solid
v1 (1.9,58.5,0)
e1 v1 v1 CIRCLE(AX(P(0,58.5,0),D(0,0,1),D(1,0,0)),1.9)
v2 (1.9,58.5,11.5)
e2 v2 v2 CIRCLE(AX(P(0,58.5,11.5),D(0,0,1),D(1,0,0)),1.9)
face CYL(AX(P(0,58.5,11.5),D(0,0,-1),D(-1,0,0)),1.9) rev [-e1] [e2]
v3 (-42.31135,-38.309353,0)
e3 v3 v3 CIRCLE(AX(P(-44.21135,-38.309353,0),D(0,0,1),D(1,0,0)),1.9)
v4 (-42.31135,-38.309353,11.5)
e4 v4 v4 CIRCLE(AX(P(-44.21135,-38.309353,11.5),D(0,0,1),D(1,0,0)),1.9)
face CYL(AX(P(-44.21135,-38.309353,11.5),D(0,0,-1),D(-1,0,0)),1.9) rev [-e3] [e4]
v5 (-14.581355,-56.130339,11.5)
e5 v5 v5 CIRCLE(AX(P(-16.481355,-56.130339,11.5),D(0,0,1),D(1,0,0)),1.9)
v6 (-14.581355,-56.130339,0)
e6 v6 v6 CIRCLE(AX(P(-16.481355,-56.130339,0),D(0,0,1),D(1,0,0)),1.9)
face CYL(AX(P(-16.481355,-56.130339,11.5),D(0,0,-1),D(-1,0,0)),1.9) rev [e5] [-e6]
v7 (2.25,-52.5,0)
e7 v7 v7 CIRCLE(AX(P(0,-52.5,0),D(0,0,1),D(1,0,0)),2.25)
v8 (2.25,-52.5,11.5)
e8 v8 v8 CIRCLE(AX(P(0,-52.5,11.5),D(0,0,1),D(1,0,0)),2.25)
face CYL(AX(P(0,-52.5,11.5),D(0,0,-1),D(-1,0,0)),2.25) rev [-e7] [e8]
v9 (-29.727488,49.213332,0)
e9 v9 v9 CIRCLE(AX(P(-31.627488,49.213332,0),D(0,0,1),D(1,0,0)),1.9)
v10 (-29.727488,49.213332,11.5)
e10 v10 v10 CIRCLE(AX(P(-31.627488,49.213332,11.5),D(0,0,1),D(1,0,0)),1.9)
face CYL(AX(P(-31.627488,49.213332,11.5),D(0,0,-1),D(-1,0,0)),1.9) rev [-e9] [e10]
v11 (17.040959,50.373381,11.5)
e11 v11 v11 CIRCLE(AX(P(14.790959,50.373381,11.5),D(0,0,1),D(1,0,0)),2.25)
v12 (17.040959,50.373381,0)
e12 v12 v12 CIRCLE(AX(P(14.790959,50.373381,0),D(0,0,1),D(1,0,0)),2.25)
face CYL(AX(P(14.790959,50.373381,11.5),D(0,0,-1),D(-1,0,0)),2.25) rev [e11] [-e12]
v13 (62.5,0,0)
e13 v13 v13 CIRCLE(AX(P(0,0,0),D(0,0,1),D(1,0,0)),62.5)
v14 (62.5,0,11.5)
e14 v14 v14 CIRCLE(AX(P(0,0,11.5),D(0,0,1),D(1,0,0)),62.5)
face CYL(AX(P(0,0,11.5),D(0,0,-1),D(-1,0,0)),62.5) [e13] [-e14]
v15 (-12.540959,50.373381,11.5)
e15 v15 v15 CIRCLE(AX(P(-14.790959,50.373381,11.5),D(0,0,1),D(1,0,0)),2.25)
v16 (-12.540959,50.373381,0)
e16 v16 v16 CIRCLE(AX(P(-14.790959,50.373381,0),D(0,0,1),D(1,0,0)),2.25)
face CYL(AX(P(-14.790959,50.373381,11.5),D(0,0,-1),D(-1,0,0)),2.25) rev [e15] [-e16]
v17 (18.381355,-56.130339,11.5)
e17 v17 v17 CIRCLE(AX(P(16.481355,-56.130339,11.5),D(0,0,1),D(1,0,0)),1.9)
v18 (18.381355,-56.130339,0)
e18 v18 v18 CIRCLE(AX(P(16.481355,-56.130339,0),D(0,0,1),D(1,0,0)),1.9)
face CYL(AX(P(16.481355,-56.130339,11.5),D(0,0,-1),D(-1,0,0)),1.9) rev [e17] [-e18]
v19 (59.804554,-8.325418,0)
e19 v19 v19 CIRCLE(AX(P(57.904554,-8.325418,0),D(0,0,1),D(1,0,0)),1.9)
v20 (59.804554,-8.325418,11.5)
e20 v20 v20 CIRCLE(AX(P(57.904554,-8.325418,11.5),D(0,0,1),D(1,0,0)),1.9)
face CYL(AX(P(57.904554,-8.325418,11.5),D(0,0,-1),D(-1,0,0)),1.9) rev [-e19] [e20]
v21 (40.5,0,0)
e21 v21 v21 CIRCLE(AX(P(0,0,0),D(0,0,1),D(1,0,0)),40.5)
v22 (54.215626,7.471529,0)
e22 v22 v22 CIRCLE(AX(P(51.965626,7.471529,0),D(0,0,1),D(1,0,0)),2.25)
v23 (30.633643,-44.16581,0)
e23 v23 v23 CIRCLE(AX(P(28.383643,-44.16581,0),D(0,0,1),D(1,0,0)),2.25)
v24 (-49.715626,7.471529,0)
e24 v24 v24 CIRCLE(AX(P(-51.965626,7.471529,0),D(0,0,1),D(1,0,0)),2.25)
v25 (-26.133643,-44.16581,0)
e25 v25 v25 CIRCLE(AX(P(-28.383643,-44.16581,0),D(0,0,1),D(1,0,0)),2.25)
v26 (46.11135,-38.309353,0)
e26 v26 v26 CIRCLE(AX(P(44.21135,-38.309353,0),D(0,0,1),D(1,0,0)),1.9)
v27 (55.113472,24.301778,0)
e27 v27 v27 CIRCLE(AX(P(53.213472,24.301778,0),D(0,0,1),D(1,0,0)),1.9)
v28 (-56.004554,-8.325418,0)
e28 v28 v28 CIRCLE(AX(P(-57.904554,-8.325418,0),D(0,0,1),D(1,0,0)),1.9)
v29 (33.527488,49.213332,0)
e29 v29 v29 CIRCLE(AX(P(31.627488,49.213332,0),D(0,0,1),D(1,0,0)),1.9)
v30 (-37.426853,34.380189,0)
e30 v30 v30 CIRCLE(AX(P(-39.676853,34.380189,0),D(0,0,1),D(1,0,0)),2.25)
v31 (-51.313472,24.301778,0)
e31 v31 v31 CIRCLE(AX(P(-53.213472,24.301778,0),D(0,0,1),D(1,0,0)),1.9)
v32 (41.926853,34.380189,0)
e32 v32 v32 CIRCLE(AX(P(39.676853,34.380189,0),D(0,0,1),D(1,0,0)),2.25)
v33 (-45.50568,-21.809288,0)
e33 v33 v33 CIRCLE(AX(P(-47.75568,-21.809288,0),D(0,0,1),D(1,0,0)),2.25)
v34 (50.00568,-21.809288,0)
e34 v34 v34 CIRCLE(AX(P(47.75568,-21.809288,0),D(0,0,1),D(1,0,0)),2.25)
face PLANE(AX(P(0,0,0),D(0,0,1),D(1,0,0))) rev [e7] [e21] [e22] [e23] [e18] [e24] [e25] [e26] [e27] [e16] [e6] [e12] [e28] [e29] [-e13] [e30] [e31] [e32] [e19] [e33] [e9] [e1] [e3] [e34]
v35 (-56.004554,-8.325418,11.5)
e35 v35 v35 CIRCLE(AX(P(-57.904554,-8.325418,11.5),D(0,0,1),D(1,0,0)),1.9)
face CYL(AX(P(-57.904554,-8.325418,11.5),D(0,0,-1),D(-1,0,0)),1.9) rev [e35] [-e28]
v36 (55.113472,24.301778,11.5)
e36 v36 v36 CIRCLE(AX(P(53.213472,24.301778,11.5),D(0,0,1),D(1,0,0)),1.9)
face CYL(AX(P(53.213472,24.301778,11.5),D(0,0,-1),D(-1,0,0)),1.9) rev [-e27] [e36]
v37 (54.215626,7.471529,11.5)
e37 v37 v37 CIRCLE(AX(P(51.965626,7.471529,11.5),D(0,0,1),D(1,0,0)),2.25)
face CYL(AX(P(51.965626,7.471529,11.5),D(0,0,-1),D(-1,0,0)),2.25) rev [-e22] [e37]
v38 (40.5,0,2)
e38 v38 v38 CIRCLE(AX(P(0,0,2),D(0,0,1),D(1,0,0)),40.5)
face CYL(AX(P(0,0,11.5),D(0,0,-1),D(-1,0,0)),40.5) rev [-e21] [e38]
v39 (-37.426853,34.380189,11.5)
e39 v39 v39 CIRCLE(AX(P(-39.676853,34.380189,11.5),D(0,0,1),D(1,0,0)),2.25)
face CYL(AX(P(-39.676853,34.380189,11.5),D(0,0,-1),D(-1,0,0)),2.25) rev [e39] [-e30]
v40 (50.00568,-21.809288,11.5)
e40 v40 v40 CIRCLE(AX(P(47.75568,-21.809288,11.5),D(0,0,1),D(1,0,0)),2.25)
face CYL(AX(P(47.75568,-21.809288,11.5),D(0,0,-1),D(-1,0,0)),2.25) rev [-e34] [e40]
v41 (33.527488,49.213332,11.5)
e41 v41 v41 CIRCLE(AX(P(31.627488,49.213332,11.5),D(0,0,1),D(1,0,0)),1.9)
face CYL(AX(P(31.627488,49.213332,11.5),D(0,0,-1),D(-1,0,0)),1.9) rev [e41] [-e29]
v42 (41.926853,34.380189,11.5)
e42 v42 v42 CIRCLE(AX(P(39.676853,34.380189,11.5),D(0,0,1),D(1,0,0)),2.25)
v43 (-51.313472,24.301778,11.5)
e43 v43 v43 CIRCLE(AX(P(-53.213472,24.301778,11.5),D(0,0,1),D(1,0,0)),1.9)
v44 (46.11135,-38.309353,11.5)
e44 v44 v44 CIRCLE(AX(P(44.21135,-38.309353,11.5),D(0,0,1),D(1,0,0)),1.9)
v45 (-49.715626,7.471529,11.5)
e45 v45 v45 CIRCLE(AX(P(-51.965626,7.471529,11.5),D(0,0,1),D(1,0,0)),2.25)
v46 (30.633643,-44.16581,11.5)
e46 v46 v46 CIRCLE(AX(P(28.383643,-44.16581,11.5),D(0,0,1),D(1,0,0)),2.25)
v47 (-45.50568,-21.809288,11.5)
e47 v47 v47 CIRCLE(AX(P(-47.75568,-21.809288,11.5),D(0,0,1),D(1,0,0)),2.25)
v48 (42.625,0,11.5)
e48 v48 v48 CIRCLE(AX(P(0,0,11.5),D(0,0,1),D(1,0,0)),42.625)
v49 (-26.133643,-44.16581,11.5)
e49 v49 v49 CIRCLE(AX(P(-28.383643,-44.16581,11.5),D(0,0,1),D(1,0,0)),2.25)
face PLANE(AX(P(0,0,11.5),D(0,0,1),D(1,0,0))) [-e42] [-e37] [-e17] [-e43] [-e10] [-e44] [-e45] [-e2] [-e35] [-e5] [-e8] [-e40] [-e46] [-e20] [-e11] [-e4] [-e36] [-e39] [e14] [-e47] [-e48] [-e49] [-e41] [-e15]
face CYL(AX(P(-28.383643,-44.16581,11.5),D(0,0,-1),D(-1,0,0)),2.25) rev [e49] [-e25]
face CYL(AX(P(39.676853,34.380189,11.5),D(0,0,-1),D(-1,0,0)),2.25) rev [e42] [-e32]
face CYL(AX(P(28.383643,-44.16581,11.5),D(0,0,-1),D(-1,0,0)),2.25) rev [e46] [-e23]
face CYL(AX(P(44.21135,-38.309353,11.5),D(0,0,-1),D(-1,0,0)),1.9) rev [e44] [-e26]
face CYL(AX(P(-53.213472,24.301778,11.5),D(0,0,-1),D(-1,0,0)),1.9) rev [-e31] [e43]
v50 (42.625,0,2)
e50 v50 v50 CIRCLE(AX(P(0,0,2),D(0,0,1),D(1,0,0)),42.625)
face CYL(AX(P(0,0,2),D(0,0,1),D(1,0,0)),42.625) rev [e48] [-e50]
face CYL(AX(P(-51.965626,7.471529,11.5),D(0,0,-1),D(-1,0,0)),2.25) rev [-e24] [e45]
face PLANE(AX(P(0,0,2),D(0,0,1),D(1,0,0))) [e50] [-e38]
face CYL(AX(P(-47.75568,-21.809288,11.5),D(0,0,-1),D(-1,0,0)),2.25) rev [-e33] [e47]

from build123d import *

# Parameters (mm, degrees)
SKETCH_1_R          = 62.5
SKETCH_1_R_2        = 40.5
SKETCH_1_R_3        = 2.25
SKETCH_1_R_4        = 1.9
EXTRUDE_1_DEPTH     = 11.5
SKETCH_2_R          = 42.625
CUT_EXTRUDE_1_DEPTH = 9.5


with BuildPart() as part:
    # 草图1 → 凸台-拉伸1 (new body)
    with BuildSketch(Plane.XY):
        Circle(SKETCH_1_R)
        Circle(SKETCH_1_R_2, mode=Mode.SUBTRACT)
        with Locations((0, -52.5)):
            Circle(SKETCH_1_R_3, mode=Mode.SUBTRACT)
        with Locations((-28.383642916, -44.165810474)):
            Circle(SKETCH_1_R_3, mode=Mode.SUBTRACT)
        with Locations((-47.755679756, -21.809288183)):
            Circle(SKETCH_1_R_3, mode=Mode.SUBTRACT)
        with Locations((-51.965625699, 7.471529009)):
            Circle(SKETCH_1_R_3, mode=Mode.SUBTRACT)
        with Locations((-39.676852654, 34.380188532)):
            Circle(SKETCH_1_R_3, mode=Mode.SUBTRACT)
        with Locations((-14.790959234, 50.373381115)):
            Circle(SKETCH_1_R_3, mode=Mode.SUBTRACT)
        with Locations((14.790959234, 50.373381115)):
            Circle(SKETCH_1_R_3, mode=Mode.SUBTRACT)
        with Locations((39.676852654, 34.380188532)):
            Circle(SKETCH_1_R_3, mode=Mode.SUBTRACT)
        with Locations((51.965625699, 7.471529009)):
            Circle(SKETCH_1_R_3, mode=Mode.SUBTRACT)
        with Locations((47.755679756, -21.809288183)):
            Circle(SKETCH_1_R_3, mode=Mode.SUBTRACT)
        with Locations((28.383642916, -44.165810474)):
            Circle(SKETCH_1_R_3, mode=Mode.SUBTRACT)
        with Locations((-44.2113501, -38.309352936)):
            Circle(SKETCH_1_R_4, mode=Mode.SUBTRACT)
        with Locations((-57.90455435, -8.325418039)):
            Circle(SKETCH_1_R_4, mode=Mode.SUBTRACT)
        with Locations((-53.213471728, 24.301778261)):
            Circle(SKETCH_1_R_4, mode=Mode.SUBTRACT)
        with Locations((-31.627487821, 49.213331671)):
            Circle(SKETCH_1_R_4, mode=Mode.SUBTRACT)
        with Locations((0, 58.5)):
            Circle(SKETCH_1_R_4, mode=Mode.SUBTRACT)
        with Locations((31.627487821, 49.213331671)):
            Circle(SKETCH_1_R_4, mode=Mode.SUBTRACT)
        with Locations((53.213471728, 24.301778261)):
            Circle(SKETCH_1_R_4, mode=Mode.SUBTRACT)
        with Locations((57.90455435, -8.325418039)):
            Circle(SKETCH_1_R_4, mode=Mode.SUBTRACT)
        with Locations((44.2113501, -38.309352936)):
            Circle(SKETCH_1_R_4, mode=Mode.SUBTRACT)
        with Locations((16.481354575, -56.130338956)):
            Circle(SKETCH_1_R_4, mode=Mode.SUBTRACT)
        with Locations((-16.481354575, -56.130338956)):
            Circle(SKETCH_1_R_4, mode=Mode.SUBTRACT)
    extrude(amount=EXTRUDE_1_DEPTH)

    # 草图2 → 切除-拉伸1 (cut)
    with BuildSketch(Plane.XY.offset(11.5)):
        Circle(SKETCH_2_R)
    extrude(amount=-CUT_EXTRUDE_1_DEPTH, mode=Mode.SUBTRACT)


solid = part.part
